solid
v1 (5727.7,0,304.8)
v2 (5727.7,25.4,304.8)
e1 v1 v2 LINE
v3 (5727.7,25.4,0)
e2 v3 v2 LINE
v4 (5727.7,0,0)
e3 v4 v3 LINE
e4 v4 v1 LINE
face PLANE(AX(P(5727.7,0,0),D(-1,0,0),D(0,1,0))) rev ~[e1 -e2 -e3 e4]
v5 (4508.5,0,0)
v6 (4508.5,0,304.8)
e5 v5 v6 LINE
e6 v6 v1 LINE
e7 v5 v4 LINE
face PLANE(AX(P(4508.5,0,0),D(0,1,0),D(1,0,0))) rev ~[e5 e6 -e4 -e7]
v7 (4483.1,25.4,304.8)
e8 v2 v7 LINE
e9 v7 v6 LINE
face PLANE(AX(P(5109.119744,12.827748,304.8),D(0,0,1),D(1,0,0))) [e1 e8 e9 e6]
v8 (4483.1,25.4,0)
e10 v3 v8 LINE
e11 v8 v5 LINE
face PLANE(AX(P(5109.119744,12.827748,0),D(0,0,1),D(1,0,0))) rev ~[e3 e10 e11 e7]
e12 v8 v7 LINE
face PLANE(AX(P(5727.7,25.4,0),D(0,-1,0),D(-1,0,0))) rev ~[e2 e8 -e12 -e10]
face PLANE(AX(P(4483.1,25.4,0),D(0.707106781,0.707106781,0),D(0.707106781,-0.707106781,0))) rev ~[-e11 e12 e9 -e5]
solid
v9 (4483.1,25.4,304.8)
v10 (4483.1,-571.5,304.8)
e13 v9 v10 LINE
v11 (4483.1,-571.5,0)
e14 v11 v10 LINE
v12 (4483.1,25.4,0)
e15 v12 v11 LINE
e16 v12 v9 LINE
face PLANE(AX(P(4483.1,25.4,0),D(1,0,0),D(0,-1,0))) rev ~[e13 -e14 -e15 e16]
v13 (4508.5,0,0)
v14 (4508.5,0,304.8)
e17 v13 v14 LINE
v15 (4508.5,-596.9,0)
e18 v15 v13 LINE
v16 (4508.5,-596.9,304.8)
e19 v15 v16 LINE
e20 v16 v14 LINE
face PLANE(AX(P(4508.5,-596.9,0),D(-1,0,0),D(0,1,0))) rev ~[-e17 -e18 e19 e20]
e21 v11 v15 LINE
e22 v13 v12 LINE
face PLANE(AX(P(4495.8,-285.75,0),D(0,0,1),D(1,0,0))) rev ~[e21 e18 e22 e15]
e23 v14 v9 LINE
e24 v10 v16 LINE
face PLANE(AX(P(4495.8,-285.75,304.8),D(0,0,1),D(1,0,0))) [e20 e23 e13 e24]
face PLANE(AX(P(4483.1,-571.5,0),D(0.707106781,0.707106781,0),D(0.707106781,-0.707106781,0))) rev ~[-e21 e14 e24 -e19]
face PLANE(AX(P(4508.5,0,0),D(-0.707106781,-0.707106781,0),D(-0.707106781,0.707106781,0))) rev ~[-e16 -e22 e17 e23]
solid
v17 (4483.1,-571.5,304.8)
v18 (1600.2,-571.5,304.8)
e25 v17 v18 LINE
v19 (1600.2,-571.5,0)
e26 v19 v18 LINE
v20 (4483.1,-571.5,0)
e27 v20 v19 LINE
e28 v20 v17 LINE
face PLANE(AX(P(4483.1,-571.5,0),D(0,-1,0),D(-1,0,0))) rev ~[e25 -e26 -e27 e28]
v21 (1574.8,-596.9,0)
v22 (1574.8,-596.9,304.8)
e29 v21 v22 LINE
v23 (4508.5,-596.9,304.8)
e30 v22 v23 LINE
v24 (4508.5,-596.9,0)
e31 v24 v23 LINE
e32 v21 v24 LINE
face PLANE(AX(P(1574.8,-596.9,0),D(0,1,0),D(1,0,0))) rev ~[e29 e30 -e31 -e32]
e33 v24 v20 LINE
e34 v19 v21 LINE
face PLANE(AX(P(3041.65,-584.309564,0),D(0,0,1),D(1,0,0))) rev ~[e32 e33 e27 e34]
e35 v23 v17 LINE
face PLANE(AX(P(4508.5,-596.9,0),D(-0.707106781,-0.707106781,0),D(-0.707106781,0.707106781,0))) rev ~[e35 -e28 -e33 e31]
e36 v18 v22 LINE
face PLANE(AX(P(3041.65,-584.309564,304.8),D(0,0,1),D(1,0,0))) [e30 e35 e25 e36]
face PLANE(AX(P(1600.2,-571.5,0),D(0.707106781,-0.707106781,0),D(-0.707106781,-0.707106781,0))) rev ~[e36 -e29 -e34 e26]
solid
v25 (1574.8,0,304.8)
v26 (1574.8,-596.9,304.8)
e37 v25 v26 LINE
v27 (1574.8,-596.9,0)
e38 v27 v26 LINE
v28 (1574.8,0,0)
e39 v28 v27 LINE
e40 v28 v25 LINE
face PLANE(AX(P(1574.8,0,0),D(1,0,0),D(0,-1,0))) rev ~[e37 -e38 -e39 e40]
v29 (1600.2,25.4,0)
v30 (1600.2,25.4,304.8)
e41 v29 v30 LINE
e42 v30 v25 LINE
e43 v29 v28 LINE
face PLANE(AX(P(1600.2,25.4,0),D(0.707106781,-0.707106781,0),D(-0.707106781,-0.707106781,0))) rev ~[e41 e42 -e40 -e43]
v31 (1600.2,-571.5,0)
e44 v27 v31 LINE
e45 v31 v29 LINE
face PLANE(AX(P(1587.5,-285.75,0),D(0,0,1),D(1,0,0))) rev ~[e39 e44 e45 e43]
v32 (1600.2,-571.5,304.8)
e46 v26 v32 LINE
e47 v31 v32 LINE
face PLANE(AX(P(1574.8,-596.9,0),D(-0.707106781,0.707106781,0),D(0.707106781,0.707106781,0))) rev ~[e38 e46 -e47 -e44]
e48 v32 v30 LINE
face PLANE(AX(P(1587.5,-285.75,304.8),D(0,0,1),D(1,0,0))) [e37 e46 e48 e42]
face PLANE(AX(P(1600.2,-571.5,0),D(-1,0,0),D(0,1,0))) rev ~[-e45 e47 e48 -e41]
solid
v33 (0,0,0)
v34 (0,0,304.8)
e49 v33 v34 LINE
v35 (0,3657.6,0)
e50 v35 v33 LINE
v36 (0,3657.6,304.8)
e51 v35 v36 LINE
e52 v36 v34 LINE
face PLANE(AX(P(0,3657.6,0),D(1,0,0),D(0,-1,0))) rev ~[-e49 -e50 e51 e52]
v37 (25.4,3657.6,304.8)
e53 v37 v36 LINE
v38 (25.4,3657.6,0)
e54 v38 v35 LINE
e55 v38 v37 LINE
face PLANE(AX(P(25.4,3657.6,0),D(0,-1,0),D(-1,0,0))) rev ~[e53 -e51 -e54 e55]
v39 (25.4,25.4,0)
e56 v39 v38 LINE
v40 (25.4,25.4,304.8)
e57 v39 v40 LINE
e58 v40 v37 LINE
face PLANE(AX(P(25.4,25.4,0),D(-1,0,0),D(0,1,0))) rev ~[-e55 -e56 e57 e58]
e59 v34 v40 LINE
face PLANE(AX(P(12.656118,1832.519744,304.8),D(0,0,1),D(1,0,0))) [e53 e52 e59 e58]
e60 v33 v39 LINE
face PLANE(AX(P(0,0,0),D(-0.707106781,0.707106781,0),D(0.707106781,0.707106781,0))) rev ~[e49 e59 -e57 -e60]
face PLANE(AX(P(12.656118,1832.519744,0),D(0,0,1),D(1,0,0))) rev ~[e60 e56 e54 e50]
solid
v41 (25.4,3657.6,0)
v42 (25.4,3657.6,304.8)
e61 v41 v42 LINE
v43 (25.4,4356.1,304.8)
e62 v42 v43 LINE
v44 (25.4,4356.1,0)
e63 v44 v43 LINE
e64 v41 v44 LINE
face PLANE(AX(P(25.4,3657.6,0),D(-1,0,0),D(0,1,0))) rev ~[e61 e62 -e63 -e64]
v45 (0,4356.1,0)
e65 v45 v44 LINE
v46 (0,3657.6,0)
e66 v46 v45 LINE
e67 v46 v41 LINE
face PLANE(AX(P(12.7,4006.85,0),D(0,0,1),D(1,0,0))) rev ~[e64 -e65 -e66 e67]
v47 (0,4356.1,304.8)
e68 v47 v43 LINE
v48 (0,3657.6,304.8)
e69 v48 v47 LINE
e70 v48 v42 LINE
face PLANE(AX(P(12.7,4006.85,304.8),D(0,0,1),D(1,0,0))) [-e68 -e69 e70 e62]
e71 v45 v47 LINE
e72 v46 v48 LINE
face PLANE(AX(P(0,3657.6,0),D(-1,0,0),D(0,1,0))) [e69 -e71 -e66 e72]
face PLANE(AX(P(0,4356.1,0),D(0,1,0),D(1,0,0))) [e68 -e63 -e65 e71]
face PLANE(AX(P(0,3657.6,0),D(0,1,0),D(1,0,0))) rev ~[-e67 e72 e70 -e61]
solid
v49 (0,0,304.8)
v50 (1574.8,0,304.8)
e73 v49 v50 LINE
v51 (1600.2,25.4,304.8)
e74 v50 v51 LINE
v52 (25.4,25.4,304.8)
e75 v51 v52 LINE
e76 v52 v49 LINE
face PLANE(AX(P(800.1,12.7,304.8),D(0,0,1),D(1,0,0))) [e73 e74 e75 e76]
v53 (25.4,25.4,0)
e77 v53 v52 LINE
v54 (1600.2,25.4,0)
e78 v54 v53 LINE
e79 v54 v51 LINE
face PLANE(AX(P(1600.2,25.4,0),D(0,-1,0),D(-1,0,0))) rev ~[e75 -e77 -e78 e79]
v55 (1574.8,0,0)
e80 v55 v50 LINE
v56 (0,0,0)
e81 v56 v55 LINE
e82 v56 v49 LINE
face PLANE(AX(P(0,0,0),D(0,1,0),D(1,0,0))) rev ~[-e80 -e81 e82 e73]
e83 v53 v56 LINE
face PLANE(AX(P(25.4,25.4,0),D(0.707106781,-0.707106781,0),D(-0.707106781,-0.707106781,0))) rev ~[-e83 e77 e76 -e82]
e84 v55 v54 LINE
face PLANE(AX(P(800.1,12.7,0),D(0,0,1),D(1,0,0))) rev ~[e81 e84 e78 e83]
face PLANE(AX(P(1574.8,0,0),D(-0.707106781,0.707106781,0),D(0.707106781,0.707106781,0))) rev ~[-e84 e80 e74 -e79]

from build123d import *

# Parameters (mm, degrees)
F1_DEPTH  = 304.8
F3_DEPTH  = 304.8
F5_DEPTH  = 304.8
F7_DEPTH  = 304.8
F9_DEPTH  = 304.8
F11_DEPTH = 304.8
F12_W     = 25.4
F12_H     = 698.5
F13_DEPTH = 304.8


with BuildPart() as f1:
    # F0 (on Top) → F1 (new body)
    with BuildSketch(Plane.XY):
        Polygon((0, 3657.6), (0, 0), (25.4, 25.4), (25.4, 3657.6), align=None)
    extrude(amount=F1_DEPTH)


with BuildPart() as f3:
    # F2 (on Top) → F3 (new body)
    with BuildSketch(Plane.XY):
        Polygon((25.4, 25.4), (0, 0), (1574.8, 0), (1600.2, 25.4), align=None)
    extrude(amount=F3_DEPTH)


with BuildPart() as f5:
    # F4 (on Top) → F5 (new body)
    with BuildSketch(Plane.XY):
        Polygon((1600.2, -571.5), (1600.2, 25.4), (1574.8, 0), (1574.8, -596.9), align=None)
    extrude(amount=F5_DEPTH)


with BuildPart() as f7:
    # F6 (on Top) → F7 (new body)
    with BuildSketch(Plane.XY):
        Polygon((1600.2, -571.5), (1574.8, -596.9), (4508.5, -596.9), (4483.1, -571.5), align=None)
    extrude(amount=F7_DEPTH)


with BuildPart() as f9:
    # F8 (on Top) → F9 (new body)
    with BuildSketch(Plane.XY):
        Polygon((4483.1, -571.5), (4508.5, -596.9), (4508.5, 0), (4483.1, 25.4), align=None)
    extrude(amount=F9_DEPTH)


with BuildPart() as f11:
    # F10 (on Top) → F11 (new body)
    with BuildSketch(Plane.XY):
        Polygon((5727.7, 0), (5727.7, 25.4), (4483.1, 25.4), (4508.5, 0), align=None)
    extrude(amount=F11_DEPTH)


with BuildPart() as f13:
    # F12 (on Top) → F13 (new body)
    with BuildSketch(Plane.XY):
        with Locations((12.7, 4006.85)):
            Rectangle(F12_W, F12_H)
    extrude(amount=F13_DEPTH)


solid = Compound([f1.part, f3.part, f5.part, f7.part, f9.part, f11.part, f13.part])
